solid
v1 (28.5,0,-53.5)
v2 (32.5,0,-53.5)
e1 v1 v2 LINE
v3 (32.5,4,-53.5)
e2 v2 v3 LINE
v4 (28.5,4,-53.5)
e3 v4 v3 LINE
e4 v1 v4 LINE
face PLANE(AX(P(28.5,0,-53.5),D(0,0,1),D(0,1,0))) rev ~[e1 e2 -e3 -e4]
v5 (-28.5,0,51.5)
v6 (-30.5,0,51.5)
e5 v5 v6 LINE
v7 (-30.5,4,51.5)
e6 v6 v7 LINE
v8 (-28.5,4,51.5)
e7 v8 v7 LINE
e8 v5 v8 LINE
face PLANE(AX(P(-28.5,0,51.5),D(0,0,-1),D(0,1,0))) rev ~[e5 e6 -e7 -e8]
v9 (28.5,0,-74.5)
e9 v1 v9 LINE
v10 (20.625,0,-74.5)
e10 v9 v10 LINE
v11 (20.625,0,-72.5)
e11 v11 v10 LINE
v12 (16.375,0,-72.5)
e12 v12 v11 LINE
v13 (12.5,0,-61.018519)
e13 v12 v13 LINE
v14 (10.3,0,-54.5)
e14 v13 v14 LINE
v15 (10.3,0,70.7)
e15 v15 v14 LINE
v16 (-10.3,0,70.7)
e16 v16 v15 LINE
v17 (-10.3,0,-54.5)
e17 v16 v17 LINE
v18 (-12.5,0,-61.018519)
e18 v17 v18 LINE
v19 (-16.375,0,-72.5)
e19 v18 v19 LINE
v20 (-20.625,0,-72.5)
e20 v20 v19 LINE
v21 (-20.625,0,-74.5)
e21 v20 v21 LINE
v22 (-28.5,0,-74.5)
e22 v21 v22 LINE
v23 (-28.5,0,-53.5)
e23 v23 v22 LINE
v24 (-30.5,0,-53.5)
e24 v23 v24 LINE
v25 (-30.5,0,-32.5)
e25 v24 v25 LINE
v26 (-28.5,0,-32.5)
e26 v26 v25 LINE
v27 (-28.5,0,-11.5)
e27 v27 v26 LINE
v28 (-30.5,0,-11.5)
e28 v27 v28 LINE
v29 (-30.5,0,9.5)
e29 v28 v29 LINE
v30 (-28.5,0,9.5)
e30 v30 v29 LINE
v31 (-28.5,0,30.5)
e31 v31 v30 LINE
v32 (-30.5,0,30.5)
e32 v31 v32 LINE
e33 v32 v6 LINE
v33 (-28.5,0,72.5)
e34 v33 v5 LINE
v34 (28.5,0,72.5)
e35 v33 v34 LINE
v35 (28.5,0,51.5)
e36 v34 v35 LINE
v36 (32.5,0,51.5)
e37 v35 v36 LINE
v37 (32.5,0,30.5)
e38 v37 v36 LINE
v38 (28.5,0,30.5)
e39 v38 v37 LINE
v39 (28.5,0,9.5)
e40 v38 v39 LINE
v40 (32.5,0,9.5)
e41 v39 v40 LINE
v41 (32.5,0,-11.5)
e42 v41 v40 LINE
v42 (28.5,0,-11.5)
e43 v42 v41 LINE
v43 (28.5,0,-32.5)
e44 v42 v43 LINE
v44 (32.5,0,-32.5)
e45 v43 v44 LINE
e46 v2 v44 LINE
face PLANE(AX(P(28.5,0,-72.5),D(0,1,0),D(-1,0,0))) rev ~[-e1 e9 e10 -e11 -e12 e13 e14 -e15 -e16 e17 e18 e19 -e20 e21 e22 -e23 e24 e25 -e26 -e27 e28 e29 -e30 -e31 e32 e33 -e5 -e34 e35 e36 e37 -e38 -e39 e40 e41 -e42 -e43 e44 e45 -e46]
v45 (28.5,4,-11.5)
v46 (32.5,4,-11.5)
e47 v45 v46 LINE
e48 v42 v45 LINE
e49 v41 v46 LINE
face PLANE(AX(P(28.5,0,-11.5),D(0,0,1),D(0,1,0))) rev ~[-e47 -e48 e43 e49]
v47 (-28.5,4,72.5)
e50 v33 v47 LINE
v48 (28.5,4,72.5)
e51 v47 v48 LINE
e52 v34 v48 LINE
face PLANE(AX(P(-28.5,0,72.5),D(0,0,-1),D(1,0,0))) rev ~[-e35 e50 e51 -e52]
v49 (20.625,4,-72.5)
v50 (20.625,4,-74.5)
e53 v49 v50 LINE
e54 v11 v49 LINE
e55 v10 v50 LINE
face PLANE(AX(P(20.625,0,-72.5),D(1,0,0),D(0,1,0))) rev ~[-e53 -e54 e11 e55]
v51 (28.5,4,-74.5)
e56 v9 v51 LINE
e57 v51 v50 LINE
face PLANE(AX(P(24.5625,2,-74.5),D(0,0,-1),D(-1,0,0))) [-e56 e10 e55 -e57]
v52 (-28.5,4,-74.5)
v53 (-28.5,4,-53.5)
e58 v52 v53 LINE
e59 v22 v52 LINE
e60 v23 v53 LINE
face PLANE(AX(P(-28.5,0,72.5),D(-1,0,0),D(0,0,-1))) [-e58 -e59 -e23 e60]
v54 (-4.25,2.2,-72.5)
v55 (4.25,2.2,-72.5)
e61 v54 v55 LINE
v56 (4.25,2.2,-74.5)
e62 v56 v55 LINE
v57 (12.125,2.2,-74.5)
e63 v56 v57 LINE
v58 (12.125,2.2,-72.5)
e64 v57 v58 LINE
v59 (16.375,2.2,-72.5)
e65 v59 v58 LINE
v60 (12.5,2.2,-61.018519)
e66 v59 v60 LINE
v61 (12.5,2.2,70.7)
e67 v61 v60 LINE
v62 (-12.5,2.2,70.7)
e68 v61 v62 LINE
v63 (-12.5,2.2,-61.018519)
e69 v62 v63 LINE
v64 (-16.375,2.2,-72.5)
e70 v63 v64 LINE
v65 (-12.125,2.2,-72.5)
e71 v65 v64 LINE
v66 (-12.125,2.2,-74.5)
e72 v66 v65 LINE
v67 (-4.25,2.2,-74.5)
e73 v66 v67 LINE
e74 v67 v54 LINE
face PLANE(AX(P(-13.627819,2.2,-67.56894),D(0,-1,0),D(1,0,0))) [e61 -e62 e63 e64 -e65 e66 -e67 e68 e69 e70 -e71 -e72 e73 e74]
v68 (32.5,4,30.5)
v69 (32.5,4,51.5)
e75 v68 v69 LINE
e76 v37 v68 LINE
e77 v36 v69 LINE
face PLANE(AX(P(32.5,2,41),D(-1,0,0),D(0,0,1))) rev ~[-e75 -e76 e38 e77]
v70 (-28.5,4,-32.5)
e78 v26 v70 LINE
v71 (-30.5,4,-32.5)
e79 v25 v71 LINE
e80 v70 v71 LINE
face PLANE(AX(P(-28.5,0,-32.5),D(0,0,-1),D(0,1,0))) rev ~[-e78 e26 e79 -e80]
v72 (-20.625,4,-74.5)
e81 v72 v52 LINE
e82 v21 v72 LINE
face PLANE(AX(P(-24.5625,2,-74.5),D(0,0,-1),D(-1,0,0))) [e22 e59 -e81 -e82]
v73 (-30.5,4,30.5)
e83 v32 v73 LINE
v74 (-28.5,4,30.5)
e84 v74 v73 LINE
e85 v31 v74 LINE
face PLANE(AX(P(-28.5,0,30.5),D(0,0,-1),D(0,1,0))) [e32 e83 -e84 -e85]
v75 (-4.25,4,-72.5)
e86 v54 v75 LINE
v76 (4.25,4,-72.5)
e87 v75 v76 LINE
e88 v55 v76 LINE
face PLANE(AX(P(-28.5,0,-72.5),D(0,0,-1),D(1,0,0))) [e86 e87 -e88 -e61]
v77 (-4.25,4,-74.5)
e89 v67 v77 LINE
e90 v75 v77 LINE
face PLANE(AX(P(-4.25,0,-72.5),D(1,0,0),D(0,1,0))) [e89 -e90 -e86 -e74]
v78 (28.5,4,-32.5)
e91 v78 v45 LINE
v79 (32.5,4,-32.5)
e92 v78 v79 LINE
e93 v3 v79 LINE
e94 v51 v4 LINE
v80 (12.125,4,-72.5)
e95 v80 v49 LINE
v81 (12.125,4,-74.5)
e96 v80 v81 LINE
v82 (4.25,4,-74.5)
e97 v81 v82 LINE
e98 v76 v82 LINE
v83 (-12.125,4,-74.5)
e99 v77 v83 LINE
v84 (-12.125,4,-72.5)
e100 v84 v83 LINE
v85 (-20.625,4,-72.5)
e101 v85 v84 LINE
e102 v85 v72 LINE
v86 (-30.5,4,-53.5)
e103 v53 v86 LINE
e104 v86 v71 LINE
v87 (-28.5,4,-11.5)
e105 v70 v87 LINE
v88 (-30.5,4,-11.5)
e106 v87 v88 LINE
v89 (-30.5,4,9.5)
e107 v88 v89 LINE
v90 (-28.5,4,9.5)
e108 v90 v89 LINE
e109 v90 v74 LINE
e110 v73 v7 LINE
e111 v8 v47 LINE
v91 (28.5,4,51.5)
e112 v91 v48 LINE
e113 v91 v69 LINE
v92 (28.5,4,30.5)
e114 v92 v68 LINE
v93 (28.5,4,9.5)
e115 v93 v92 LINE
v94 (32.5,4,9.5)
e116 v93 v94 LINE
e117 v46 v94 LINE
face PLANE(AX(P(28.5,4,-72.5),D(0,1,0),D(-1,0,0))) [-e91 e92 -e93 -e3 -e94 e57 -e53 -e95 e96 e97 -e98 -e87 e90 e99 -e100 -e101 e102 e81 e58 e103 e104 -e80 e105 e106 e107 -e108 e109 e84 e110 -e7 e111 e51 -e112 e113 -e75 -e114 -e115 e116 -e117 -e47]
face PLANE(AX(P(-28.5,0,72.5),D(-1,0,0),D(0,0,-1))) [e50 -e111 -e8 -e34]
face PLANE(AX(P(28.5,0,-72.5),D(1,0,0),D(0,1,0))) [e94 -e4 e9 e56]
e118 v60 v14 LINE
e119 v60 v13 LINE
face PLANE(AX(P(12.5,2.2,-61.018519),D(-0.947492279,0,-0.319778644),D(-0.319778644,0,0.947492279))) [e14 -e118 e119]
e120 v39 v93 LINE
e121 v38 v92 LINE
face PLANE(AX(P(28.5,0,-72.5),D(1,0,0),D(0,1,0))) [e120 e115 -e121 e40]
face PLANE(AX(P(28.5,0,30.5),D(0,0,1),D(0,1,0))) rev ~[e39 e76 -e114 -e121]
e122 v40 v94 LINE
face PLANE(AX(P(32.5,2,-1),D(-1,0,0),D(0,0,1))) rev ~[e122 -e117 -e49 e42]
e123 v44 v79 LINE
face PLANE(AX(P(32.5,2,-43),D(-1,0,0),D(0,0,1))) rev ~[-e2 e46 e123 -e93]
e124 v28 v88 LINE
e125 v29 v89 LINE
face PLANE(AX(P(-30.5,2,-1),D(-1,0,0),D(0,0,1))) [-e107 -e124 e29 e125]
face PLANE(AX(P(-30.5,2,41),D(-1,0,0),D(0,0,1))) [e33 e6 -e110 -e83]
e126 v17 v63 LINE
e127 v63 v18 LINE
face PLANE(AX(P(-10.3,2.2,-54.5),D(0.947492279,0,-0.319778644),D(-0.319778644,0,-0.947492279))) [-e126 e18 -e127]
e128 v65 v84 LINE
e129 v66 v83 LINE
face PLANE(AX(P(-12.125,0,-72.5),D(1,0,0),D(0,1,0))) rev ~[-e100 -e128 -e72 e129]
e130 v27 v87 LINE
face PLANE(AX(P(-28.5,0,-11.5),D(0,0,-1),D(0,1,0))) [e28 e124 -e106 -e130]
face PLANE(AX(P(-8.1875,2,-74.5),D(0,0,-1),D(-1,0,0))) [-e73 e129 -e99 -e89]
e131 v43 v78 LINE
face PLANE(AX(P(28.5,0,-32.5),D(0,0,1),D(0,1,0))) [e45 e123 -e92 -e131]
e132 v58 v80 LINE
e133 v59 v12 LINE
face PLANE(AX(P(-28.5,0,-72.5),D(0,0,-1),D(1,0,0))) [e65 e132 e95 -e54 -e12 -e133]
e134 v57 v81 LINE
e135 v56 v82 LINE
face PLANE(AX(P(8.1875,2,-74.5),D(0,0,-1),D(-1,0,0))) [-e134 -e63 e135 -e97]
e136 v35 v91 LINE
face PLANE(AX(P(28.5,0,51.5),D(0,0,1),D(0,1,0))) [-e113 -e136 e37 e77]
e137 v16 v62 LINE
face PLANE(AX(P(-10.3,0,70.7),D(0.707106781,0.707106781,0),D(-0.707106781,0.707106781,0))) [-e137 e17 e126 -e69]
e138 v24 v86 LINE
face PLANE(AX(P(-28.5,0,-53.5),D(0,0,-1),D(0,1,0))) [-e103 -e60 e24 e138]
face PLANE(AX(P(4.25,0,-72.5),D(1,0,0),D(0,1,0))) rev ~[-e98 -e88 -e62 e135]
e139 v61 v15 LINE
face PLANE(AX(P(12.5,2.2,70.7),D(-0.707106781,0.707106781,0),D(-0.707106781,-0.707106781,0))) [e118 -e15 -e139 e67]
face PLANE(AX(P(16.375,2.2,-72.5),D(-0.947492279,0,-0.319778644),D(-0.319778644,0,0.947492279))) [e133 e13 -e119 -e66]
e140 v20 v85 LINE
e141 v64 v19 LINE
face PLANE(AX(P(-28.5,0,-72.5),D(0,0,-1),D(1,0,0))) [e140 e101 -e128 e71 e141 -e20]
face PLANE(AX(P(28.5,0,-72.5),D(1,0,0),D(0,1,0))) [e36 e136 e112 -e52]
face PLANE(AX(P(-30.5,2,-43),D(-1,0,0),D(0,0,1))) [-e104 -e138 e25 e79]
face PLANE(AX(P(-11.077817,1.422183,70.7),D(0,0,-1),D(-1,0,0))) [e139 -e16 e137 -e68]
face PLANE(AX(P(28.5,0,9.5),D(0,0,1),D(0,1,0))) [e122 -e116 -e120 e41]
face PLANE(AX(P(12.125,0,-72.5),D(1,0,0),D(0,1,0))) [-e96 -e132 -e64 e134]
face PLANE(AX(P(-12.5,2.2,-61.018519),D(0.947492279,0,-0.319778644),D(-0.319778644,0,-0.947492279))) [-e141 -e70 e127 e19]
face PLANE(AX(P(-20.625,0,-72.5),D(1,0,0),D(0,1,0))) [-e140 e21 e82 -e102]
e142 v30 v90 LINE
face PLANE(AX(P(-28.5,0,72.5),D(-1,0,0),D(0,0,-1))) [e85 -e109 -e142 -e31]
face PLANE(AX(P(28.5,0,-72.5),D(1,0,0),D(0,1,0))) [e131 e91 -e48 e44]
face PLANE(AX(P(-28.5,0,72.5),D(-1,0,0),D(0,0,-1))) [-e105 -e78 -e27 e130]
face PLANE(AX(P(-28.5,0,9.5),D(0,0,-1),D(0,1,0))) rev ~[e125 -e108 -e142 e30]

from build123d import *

# Parameters (mm, degrees)
SKETCH_4_W          = 57
SKETCH_4_H          = 145
EXTRUDE_1_DEPTH     = 4
SKETCH_5_W          = 7.875
SKETCH_5_H          = 4
EXTRUDE_2_DEPTH     = 2
SKETCH_6_W          = 21
SKETCH_6_H          = 4
EXTRUDE_3_DEPTH     = 2
EXTRUDE_START       = -57
SKETCH_6_2_W        = 21
SKETCH_6_2_H        = 4
EXTRUDE_4_DEPTH     = 4
CUT_EXTRUDE_START   = -1.8
SKETCH_7_W          = 10.3
SKETCH_7_H          = 2.2
CUT_EXTRUDE_1_DEPTH = 149.802954818
CUT_EXTRUDE_2_DEPTH = 82.310146968


with BuildPart() as part:
    # 草图4 → 凸台-拉伸1 (new body)
    with BuildSketch(Plane(origin=(0, 0, 0), x_dir=(1, 0, 0), z_dir=(0, 1, 0))):
        Rectangle(SKETCH_4_W, SKETCH_4_H)
    extrude(amount=EXTRUDE_1_DEPTH)

    # 草图5 → 凸台-拉伸2 (add)
    with BuildSketch(Plane(origin=(0, 0, -72.5), x_dir=(-1, 0, 0), z_dir=(0, 0, -1))):
        with Locations((-24.5625, 2)):
            Rectangle(SKETCH_5_W, SKETCH_5_H)
        with Locations((-8.1875, 2)):
            Rectangle(SKETCH_5_W, SKETCH_5_H)
        with Locations((8.1875, 2)):
            Rectangle(SKETCH_5_W, SKETCH_5_H)
        with Locations((24.5625, 2)):
            Rectangle(SKETCH_5_W, SKETCH_5_H)
    extrude(amount=EXTRUDE_2_DEPTH)

    # 草图6 → 凸台-拉伸3 (add)
    with BuildSketch(Plane.ZY.offset(28.5)):
        with Locations((-43, 2)):
            Rectangle(SKETCH_6_W, SKETCH_6_H)
        with Locations((-1, 2)):
            Rectangle(SKETCH_6_W, SKETCH_6_H)
        with Locations((41, 2)):
            Rectangle(SKETCH_6_W, SKETCH_6_H)
    extrude(amount=EXTRUDE_3_DEPTH)

    # 草图6<2> → 凸台-拉伸4 (add)
    with BuildSketch(Plane.ZY.offset(28.5).offset(EXTRUDE_START)):
        with Locations((-43, 2)):
            Rectangle(SKETCH_6_2_W, SKETCH_6_2_H)
        with Locations((-1, 2)):
            Rectangle(SKETCH_6_2_W, SKETCH_6_2_H)
        with Locations((41, 2)):
            Rectangle(SKETCH_6_2_W, SKETCH_6_2_H)
    extrude(amount=-EXTRUDE_4_DEPTH)

    # 草图7 → 切除-拉伸1 (cut, through all)
    with BuildSketch(Plane.XY.offset(72.5).offset(CUT_EXTRUDE_START)):
        Polygon((-10.3, 2.2), (-10.3, 0), (-12.5, 2.2), align=None)
        with Locations((-5.15, 1.1)):
            Rectangle(SKETCH_7_W, SKETCH_7_H)
        with Locations((5.15, 1.1)):
            Rectangle(SKETCH_7_W, SKETCH_7_H)
        Polygon((10.3, 2.2), (12.5, 2.2), (10.3, 0), align=None)
    extrude(amount=-CUT_EXTRUDE_1_DEPTH, mode=Mode.SUBTRACT)

    # 草图8 → 切除-拉伸2 (cut, through all)
    with BuildSketch(Plane.XZ.offset(-2.2)):
        Polygon((-12.5, -61.018518519), (-16.375, -72.5), (-12.5, -72.5), align=None)
        Polygon((-10.3, -54.5), (-12.5, -61.018518519), (-12.5, -72.5), (-12.125, -72.5), (-4.25, -72.5), (4.25, -72.5), (12.125, -72.5), (12.5, -72.5), (12.5, -61.018518519), (10.3, -54.5), align=None)
        Polygon((12.5, -72.5), (16.375, -72.5), (12.5, -61.018518519), align=None)
    extrude(amount=CUT_EXTRUDE_2_DEPTH, mode=Mode.SUBTRACT)


with BuildPart() as cut_extrude_2_kept_piece:
    # of the separate pieces the step leaves, the one the design keeps (cut_extrude_2_pieces_kept)
    add(part.part.solids().sort_by_distance((-28.5, 0, 72.5))[0])


solid = cut_extrude_2_kept_piece.part
